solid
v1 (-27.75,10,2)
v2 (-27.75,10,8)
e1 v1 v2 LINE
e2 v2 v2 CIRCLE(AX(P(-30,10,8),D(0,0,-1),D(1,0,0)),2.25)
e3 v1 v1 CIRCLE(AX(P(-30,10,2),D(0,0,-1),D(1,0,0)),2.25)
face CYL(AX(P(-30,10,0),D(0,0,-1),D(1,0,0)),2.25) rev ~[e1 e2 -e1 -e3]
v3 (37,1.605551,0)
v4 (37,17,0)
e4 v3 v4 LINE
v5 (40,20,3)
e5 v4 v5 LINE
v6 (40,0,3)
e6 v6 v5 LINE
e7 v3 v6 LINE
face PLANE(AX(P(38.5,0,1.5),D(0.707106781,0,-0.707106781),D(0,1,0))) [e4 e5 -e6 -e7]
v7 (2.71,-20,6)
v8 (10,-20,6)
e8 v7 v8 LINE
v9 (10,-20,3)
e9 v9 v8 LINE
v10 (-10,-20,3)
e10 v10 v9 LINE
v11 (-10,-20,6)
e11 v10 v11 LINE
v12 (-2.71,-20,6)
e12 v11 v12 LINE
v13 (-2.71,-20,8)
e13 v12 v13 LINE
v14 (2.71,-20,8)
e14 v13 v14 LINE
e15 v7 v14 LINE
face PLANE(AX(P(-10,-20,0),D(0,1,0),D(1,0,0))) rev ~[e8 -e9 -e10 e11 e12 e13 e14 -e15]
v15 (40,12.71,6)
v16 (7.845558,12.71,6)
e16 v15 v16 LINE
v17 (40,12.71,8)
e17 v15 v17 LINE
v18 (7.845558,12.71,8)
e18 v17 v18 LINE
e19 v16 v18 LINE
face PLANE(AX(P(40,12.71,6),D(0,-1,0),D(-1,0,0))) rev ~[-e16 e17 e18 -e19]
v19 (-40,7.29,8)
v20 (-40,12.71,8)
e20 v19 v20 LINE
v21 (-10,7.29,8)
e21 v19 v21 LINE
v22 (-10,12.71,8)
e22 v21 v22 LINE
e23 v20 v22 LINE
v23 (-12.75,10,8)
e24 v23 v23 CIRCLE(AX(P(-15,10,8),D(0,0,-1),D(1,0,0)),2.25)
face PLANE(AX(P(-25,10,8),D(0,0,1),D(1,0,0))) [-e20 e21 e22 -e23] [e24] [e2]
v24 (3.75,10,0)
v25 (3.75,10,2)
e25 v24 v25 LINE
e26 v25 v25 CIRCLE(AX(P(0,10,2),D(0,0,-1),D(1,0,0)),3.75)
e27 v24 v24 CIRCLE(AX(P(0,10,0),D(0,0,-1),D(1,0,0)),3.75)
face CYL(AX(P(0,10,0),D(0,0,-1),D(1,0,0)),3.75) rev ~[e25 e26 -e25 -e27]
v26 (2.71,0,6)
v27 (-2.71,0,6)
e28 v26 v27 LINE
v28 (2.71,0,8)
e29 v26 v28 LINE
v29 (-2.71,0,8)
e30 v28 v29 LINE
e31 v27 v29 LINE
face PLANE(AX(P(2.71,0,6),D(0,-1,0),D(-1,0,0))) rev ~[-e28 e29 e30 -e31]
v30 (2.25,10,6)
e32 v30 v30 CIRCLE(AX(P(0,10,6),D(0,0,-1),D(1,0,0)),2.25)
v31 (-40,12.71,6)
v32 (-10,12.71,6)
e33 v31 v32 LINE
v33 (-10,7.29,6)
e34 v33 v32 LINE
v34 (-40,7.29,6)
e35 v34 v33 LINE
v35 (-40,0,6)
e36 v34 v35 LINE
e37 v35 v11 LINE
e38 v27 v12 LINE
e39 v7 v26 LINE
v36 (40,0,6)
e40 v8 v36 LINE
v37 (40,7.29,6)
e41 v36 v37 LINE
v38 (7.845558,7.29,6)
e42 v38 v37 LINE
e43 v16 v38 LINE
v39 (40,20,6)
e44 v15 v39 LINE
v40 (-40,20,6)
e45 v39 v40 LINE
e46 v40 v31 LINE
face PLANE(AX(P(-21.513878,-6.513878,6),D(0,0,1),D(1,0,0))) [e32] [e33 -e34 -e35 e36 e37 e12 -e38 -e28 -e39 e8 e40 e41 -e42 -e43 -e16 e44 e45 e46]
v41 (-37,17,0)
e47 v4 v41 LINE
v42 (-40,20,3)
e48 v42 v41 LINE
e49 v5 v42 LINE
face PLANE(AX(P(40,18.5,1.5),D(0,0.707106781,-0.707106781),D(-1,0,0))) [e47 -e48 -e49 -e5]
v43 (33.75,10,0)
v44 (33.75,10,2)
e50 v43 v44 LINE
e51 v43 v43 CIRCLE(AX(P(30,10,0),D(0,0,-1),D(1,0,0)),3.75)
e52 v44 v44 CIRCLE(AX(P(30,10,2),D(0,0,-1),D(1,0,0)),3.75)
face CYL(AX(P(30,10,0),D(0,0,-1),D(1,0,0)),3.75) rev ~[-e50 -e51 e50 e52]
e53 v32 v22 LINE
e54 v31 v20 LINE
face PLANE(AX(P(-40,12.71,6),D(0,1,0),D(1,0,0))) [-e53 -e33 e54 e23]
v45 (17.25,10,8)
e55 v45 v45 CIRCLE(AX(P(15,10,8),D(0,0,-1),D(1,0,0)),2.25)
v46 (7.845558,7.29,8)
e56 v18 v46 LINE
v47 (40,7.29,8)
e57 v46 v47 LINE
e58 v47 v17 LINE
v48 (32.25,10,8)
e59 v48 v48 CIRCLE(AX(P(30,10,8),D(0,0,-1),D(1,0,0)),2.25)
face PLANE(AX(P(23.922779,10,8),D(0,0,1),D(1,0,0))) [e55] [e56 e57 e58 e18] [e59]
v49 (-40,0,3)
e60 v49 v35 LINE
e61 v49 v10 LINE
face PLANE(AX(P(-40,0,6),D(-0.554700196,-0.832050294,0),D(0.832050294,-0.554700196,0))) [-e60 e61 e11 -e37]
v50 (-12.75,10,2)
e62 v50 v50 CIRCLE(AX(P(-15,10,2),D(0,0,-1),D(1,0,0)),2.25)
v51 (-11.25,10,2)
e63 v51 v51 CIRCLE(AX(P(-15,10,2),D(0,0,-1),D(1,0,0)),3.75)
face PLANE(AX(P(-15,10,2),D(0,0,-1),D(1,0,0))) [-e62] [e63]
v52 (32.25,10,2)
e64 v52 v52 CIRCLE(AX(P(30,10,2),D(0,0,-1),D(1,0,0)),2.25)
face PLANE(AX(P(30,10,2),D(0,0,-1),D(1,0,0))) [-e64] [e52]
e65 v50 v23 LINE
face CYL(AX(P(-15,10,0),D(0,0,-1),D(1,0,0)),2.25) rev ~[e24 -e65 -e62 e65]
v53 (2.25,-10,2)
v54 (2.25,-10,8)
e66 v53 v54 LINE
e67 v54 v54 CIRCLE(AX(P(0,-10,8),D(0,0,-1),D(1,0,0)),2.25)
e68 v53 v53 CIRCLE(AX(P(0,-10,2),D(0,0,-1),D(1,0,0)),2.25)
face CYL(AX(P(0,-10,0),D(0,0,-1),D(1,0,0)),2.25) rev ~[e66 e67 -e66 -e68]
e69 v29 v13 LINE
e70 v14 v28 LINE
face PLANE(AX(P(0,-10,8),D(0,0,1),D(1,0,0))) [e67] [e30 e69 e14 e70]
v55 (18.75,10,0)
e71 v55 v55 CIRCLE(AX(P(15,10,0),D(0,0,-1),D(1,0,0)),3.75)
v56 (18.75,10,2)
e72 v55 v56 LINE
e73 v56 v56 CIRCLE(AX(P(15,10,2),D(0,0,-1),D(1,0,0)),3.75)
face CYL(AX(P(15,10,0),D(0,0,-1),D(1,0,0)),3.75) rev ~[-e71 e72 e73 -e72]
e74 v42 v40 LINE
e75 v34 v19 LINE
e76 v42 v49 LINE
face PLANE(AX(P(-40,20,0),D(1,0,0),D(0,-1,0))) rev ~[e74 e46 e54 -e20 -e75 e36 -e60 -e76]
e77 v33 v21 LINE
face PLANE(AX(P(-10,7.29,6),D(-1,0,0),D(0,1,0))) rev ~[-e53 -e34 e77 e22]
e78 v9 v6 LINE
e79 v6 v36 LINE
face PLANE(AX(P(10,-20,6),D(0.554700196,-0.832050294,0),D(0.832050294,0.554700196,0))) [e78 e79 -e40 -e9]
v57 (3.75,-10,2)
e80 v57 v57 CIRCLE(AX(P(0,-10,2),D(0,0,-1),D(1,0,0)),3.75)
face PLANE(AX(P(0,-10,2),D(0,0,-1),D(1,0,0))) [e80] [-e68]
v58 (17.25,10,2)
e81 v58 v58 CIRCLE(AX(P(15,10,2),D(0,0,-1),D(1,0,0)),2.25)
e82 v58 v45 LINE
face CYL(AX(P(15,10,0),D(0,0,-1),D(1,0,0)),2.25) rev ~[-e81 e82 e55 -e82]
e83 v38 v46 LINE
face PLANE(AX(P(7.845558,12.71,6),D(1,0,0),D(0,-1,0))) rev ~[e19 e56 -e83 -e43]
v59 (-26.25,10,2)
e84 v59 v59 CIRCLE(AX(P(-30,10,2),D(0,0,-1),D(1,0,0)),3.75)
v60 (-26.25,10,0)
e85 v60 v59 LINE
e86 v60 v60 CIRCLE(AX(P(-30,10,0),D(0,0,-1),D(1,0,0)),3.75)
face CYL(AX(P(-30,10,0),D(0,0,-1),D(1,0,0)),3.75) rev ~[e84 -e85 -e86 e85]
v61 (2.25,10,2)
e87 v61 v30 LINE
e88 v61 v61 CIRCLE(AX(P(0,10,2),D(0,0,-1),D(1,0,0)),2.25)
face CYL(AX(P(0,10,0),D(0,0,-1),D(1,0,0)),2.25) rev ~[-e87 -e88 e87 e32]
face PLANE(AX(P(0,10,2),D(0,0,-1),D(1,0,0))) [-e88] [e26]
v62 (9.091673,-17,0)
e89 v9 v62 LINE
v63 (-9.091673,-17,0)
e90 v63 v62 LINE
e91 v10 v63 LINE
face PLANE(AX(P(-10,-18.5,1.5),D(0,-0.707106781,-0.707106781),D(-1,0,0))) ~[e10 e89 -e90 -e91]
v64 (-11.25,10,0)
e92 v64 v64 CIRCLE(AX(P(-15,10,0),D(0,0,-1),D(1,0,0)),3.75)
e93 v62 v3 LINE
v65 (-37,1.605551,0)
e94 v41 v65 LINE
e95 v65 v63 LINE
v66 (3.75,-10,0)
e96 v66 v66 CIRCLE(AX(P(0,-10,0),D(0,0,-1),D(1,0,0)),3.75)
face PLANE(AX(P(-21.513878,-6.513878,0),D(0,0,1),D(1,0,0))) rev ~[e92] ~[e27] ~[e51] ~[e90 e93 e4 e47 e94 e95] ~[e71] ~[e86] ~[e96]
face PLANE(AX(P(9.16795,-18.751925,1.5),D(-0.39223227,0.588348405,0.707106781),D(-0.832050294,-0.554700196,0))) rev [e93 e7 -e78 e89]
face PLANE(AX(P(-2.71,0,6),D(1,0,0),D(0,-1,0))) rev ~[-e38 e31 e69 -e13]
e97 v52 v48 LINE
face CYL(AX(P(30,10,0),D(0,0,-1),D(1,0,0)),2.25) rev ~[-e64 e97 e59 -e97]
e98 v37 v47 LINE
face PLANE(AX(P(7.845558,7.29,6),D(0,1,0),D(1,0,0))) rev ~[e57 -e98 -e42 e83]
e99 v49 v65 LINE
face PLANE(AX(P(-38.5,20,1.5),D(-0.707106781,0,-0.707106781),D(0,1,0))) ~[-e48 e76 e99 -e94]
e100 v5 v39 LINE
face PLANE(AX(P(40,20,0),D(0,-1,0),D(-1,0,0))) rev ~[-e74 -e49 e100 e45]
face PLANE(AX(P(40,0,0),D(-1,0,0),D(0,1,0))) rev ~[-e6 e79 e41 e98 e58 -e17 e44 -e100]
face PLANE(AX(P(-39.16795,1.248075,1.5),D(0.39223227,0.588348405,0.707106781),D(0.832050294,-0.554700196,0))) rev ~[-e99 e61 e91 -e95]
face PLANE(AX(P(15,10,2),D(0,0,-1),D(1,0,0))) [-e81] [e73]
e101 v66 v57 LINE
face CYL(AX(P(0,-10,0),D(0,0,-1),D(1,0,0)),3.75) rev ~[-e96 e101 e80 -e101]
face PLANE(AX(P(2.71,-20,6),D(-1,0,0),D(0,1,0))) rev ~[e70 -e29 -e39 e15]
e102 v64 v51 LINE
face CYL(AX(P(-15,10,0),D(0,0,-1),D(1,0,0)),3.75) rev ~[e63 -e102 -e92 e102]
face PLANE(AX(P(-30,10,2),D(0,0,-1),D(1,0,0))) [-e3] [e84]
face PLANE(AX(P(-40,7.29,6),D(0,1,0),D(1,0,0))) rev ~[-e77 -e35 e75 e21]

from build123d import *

# Parameters (mm, degrees)
F1_DEPTH = 6
F2_W     = 30
F2_H     = 5.42
F3_DEPTH = 2
F4_R     = 2.25
F5_DEPTH = 8.001
F6_R     = 3.75
F7_DEPTH = 2
F9_DEPTH = 6
F10_SIZE = 3


with BuildPart() as f1:
    # F0 (on Top) → F1 (new body)
    with BuildSketch(Plane.XY):
        Polygon((-40, 0), (-10, 0), (-10, -20), (0, -20), (10, -20), (10, 0), (40, 0), (40, 20), (0, 20), (-40, 20), align=None)
    extrude(amount=F1_DEPTH)

    # F2 (on face) → F3 (join)
    with BuildSketch(Plane.XY.offset(6)):
        Polygon((2.71, 0), (0, 0), (-2.71, 0), (-2.71, -20), (2.71, -20), align=None)
        Polygon((7.845558, 12.71), (7.845558, 10), (7.845558, 7.29), (40, 7.29), (40, 12.71), align=None)
        with Locations((-25, 10)):
            Rectangle(F2_W, F2_H)
    extrude(amount=F3_DEPTH)

    # F4 (on face) → F5 (cut, through all)
    with BuildSketch(Plane(origin=(0, 0, 0), x_dir=(1, 0, 0), z_dir=(0, 0, -1))):
        with Locations((-30, -10)):
            Circle(F4_R)
        with Locations((0, -10)):
            Circle(F4_R)
        with Locations((0, 10)):
            Circle(F4_R)
        with Locations((30, -10)):
            Circle(F4_R)
        with Locations((15, -10)):
            Circle(F4_R)
        with Locations((-15, -10)):
            Circle(F4_R)
    extrude(amount=-F5_DEPTH, mode=Mode.SUBTRACT)

    # F6 (on face) → F7 (cut)
    with BuildSketch(Plane(origin=(0, 0, 0), x_dir=(1, 0, 0), z_dir=(0, 0, -1))):
        with Locations((0, 10)):
            Circle(F6_R)
        with Locations((0, -10)):
            Circle(F6_R)
        with Locations((30, -10)):
            Circle(F6_R)
        with Locations((-30, -10)):
            Circle(F6_R)
        with Locations((-15, -10)):
            Circle(F6_R)
        with Locations((15, -10)):
            Circle(F6_R)
    extrude(amount=-F7_DEPTH, mode=Mode.SUBTRACT)

    # F8 (on face) → F9 (join)
    with BuildSketch(Plane.XY.offset(6)):
        Polygon((-10, 0), (-40, 0), (-10, -20), align=None)
        Polygon((10, 0), (10, -20), (40, 0), align=None)
    extrude(amount=-F9_DEPTH)

    # F10
    f10_edges = [f1.edges().sort_by_distance(p)[0] for p in [
        (-25, -10, 0),
        (0, -20, 0),
        (25, -10, 0),
        (40, 10, 0),
        (-40, 10, 0),
        (0, 20, 0),
    ]]
    chamfer(f10_edges, length=F10_SIZE)


solid = f1.part
